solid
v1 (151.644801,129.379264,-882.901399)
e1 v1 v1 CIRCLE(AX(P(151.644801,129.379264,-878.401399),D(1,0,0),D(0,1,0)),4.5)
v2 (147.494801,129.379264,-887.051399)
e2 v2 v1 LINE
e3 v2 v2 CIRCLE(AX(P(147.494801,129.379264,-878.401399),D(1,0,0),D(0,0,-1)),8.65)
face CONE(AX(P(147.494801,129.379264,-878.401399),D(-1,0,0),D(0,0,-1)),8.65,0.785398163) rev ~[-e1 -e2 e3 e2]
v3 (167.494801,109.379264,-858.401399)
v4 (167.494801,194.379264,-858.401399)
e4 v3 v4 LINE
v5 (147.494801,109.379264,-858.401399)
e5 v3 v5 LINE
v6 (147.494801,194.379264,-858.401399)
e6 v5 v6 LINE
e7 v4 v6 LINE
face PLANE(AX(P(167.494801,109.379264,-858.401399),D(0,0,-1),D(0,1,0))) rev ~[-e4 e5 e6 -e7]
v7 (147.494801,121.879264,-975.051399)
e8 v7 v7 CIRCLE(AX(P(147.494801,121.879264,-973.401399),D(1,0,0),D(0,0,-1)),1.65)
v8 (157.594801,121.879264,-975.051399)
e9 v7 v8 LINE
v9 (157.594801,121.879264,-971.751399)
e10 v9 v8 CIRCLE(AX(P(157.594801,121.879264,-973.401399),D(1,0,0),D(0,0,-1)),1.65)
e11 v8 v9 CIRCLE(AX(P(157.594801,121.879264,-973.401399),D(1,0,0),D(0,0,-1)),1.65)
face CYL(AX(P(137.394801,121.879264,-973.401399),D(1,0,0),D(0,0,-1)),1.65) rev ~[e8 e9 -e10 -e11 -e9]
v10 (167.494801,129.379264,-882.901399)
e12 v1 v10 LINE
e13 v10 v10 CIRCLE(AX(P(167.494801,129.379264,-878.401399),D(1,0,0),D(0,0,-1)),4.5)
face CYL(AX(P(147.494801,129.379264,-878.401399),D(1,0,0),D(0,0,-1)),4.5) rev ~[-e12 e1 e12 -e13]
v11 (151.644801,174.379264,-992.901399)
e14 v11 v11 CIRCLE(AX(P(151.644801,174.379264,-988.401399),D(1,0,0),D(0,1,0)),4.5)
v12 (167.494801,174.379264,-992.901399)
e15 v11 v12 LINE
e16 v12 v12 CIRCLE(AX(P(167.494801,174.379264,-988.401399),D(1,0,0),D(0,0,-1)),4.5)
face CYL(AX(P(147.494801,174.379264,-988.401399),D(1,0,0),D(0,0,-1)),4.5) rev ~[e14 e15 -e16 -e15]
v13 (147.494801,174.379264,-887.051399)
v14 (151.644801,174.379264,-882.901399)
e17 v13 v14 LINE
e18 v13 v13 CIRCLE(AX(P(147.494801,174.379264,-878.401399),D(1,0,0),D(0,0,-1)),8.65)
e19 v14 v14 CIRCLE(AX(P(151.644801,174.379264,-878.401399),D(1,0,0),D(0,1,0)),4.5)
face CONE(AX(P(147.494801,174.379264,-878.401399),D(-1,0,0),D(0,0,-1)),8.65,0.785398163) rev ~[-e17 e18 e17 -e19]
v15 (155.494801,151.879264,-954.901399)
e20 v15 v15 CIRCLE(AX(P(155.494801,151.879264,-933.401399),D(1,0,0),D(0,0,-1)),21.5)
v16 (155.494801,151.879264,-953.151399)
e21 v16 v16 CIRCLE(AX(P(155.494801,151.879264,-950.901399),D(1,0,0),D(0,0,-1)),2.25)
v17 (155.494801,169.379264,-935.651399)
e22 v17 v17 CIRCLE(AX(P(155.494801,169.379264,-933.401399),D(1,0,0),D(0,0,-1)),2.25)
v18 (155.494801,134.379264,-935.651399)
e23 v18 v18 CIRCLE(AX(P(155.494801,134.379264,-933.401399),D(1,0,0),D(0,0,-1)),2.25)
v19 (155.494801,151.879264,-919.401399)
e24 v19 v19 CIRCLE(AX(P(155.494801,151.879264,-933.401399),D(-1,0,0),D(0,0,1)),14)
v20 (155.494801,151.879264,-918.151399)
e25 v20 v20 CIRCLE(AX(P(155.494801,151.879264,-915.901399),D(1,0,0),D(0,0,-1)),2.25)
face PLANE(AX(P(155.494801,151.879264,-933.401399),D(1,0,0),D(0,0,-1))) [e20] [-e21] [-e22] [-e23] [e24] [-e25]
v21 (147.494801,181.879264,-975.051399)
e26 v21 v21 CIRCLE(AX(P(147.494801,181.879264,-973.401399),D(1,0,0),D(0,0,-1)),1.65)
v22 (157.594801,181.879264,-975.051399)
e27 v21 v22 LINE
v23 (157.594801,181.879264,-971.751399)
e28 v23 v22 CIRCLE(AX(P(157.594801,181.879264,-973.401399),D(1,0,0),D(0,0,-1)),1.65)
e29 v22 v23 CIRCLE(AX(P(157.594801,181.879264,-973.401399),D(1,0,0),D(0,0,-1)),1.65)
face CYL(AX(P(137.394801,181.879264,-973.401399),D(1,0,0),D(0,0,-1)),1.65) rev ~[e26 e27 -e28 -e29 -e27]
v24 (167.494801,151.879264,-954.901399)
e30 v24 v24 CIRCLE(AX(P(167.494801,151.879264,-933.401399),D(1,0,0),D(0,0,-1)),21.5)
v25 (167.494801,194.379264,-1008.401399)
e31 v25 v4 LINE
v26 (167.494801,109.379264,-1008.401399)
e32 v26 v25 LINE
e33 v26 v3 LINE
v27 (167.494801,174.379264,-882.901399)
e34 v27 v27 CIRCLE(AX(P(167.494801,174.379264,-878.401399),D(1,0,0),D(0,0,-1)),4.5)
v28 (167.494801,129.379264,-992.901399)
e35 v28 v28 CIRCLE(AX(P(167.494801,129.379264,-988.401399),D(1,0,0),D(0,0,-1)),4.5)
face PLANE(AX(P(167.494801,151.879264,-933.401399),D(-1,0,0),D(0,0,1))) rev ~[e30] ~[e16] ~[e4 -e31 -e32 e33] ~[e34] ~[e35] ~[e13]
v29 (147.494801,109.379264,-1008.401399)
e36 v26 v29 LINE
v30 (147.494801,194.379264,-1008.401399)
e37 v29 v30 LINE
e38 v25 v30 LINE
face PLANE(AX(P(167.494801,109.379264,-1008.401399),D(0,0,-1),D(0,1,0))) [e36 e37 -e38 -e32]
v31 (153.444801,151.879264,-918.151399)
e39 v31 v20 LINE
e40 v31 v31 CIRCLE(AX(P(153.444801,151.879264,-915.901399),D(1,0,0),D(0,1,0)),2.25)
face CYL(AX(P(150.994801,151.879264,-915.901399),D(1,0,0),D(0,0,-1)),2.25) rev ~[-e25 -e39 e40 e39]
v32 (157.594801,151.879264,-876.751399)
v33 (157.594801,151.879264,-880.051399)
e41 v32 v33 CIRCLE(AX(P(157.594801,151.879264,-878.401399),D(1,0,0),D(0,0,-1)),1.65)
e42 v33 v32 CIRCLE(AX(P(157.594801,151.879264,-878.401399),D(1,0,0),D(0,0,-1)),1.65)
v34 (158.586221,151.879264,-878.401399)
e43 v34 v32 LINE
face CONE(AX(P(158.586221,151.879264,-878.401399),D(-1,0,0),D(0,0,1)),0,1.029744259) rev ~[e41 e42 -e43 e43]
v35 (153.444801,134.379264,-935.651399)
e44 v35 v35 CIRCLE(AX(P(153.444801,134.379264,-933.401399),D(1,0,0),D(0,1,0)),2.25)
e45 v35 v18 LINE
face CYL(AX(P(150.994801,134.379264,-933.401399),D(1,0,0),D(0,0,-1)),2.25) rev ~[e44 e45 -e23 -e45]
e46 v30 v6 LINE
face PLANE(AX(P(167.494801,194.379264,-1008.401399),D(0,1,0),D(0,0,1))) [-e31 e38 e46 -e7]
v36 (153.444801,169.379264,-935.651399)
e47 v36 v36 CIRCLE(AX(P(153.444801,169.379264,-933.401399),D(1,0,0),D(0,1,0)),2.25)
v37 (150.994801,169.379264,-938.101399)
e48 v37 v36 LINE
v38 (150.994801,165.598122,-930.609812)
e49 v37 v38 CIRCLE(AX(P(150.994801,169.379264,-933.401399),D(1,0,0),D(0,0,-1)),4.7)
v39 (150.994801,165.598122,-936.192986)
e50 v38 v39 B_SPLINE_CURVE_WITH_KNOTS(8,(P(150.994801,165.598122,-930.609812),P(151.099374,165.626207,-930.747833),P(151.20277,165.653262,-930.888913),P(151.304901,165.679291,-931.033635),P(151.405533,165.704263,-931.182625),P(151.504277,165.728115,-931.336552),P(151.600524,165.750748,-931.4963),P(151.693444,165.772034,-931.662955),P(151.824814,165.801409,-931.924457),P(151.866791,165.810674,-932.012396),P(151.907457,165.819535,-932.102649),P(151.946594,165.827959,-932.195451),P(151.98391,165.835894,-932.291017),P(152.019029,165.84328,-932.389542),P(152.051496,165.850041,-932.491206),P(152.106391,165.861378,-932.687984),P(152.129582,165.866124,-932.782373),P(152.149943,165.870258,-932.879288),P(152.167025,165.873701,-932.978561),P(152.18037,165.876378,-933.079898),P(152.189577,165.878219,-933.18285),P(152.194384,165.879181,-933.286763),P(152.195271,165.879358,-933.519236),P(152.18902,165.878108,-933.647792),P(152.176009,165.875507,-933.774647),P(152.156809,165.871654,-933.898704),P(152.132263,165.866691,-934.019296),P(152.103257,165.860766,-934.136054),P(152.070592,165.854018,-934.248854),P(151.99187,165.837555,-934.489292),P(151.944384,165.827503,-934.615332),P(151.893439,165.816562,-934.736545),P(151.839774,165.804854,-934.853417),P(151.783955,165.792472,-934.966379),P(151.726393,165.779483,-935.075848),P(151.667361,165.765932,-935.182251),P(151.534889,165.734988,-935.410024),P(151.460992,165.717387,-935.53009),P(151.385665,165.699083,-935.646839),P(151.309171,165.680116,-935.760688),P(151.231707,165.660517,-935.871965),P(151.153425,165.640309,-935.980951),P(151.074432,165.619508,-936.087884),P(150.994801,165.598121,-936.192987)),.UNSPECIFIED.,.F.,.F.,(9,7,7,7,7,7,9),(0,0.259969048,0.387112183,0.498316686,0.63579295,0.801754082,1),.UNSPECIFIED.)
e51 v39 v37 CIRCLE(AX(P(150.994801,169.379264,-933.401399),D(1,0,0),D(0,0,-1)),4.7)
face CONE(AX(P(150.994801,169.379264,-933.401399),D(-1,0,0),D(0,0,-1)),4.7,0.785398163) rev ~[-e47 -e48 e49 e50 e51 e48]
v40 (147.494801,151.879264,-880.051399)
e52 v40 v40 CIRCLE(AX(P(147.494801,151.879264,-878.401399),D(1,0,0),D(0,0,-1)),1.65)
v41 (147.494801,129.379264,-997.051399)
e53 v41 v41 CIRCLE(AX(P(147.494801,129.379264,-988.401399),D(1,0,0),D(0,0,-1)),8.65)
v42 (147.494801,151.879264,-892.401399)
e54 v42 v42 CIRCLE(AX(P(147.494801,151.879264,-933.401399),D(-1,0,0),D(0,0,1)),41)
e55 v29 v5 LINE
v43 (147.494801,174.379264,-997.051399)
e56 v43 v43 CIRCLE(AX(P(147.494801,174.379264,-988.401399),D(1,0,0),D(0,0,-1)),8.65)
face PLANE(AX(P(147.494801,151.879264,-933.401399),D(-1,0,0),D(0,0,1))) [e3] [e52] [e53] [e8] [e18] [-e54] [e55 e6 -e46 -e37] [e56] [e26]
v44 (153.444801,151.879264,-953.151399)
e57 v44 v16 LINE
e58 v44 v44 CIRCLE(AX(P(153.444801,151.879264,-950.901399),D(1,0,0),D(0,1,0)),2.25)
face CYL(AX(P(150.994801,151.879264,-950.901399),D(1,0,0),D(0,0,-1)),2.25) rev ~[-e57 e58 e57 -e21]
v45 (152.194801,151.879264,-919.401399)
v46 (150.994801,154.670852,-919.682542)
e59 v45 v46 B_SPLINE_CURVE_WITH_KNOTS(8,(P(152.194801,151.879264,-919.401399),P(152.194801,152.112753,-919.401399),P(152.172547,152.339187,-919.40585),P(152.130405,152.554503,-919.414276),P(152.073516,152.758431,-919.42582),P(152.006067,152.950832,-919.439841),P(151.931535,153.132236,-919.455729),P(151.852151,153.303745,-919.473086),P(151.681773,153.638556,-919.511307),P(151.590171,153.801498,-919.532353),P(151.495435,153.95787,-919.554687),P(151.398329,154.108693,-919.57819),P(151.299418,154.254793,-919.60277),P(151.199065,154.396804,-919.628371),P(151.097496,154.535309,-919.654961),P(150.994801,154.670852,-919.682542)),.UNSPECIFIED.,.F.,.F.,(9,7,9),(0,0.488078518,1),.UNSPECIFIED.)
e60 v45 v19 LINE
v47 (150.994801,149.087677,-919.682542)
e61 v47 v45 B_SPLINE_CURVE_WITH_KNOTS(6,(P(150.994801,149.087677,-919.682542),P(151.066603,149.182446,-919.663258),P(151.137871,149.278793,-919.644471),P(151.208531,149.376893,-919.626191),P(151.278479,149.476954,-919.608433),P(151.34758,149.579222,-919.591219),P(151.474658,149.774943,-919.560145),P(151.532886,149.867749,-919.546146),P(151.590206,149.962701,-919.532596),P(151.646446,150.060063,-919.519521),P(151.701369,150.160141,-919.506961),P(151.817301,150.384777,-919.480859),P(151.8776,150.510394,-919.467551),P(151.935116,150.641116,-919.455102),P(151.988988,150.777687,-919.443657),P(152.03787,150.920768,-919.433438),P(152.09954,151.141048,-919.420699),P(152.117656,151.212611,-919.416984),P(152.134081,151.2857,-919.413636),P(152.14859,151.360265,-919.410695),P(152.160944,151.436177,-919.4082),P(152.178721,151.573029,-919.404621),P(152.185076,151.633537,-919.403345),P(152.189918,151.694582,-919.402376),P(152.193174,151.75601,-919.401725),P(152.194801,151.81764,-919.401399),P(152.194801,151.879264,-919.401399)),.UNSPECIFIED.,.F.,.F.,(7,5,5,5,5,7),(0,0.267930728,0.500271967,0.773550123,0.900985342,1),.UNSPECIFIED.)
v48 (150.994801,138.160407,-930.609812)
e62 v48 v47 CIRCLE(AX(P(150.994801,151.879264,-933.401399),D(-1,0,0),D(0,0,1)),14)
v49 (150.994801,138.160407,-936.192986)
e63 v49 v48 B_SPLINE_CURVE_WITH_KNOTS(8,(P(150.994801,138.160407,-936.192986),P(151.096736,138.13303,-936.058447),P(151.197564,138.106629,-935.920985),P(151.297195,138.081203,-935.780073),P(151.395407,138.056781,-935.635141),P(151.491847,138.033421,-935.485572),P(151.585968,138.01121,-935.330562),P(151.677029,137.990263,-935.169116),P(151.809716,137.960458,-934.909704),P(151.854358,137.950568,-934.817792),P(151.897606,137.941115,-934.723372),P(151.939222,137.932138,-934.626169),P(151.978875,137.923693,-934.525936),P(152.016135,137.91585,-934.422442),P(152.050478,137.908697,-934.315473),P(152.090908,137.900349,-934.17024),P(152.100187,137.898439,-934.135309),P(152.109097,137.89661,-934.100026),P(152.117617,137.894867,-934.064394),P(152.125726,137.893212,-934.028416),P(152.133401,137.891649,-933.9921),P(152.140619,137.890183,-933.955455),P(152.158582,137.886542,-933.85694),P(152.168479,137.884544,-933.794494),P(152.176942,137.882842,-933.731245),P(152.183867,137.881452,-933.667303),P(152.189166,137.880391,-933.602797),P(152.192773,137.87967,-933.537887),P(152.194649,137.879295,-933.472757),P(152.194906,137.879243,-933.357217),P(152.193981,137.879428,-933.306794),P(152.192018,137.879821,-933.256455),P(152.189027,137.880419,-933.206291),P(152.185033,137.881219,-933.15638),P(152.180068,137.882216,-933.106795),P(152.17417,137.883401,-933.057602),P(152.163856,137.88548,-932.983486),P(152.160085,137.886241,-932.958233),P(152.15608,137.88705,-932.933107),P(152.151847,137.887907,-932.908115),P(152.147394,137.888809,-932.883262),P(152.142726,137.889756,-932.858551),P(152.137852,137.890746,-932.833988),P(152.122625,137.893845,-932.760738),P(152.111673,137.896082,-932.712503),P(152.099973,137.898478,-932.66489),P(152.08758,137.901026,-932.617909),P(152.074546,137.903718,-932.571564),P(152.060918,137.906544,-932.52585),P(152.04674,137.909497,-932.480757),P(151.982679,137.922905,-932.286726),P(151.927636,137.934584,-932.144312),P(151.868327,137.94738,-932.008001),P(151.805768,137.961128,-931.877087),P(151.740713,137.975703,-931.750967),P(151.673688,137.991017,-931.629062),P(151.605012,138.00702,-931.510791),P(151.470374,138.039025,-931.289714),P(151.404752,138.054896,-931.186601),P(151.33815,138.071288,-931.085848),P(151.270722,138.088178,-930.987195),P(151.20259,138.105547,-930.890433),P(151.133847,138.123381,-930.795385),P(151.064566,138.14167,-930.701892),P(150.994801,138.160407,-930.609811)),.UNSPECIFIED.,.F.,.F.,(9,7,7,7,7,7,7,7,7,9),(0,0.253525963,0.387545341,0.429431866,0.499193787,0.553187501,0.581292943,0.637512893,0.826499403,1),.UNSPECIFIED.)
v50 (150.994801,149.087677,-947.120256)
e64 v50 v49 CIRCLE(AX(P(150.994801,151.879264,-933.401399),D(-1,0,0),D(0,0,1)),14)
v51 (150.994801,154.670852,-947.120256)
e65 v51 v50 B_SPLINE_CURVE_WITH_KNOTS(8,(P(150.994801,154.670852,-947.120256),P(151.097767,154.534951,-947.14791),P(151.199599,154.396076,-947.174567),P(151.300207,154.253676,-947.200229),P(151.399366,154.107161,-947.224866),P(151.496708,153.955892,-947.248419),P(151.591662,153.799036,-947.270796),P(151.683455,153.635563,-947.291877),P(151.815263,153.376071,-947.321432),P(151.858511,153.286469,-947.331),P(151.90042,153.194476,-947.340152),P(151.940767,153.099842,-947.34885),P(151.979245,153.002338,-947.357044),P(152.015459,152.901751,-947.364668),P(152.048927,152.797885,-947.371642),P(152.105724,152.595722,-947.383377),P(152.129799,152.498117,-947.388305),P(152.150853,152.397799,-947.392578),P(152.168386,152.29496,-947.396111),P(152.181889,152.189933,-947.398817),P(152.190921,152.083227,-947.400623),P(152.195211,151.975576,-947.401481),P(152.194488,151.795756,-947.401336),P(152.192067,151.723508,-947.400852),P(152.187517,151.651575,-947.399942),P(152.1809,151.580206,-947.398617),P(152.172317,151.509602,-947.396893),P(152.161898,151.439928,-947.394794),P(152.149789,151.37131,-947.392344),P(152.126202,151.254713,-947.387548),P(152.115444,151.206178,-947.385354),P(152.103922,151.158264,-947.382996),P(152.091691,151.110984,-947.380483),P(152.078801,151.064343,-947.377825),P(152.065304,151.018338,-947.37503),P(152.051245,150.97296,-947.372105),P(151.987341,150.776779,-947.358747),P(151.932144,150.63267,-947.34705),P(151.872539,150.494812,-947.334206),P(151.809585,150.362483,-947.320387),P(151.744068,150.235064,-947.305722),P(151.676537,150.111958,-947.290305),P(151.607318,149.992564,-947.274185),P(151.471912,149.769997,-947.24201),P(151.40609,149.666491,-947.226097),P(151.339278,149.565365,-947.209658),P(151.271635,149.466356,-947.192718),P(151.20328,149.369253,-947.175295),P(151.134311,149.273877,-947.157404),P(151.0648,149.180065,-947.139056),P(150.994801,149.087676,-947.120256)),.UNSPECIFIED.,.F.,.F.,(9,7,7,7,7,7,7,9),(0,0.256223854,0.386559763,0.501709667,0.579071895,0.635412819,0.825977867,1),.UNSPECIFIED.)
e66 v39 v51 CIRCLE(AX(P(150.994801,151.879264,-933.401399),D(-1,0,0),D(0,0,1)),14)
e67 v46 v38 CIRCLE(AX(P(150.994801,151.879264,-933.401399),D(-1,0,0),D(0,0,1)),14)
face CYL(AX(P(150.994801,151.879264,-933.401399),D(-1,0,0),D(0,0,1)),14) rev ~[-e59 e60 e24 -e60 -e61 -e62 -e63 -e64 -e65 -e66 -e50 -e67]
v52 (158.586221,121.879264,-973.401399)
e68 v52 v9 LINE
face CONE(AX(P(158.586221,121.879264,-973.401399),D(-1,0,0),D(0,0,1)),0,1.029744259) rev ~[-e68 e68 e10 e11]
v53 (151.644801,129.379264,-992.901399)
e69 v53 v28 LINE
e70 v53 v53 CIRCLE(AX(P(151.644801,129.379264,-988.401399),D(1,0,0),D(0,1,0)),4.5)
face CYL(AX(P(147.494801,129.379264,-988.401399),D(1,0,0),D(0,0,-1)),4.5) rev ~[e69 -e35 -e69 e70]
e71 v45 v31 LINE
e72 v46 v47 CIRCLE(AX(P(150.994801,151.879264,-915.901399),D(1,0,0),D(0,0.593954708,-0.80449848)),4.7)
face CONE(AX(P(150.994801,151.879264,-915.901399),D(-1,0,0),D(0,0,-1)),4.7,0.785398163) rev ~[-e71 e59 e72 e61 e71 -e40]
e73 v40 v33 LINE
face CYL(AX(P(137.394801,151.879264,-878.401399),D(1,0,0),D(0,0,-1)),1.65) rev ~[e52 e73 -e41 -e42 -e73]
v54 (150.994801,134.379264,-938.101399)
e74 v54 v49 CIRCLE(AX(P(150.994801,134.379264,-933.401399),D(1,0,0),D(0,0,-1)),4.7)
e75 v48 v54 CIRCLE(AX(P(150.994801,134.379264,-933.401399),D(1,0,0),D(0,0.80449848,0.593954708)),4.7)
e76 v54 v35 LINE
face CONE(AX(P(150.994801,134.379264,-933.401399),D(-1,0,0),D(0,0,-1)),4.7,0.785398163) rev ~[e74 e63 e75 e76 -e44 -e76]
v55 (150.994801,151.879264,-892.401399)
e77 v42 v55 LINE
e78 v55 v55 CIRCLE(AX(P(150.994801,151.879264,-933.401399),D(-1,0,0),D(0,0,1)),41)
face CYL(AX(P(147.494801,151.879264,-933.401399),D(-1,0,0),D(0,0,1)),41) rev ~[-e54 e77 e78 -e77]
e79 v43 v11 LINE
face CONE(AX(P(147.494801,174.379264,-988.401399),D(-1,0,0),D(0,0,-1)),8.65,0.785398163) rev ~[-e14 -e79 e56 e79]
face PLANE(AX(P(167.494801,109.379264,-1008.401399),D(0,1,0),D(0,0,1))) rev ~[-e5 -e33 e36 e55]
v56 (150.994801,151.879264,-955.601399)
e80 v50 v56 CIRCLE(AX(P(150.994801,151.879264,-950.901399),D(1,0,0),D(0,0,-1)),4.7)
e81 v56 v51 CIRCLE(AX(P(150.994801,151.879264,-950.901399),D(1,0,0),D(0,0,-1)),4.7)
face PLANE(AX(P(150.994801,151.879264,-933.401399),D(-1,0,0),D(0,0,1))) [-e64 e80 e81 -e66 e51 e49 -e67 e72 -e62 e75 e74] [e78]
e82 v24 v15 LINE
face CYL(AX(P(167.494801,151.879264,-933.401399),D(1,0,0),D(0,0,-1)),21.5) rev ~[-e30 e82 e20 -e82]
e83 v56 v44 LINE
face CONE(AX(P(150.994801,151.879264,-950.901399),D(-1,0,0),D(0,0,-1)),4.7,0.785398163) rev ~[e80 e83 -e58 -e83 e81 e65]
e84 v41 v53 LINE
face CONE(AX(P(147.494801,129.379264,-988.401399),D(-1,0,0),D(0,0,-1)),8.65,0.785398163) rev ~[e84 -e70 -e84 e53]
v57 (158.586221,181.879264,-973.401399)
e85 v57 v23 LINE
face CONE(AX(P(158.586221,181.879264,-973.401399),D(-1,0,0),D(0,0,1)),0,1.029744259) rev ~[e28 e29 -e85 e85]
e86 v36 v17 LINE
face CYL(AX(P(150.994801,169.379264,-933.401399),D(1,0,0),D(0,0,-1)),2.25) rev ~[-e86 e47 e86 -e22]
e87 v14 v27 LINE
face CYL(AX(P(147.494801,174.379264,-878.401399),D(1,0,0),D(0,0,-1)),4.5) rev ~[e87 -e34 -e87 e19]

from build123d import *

# Parameters (mm, degrees)
BOSS_EXTRUDE1_DEPTH                             = 4.75
BOSS_EXTRUDE1_DEPTH_BACK                        = 15.25
SKETCH1_W                                       = 150
SKETCH1_H                                       = 85
SKETCH2_R                                       = 21.5
F_1MM_CLEARANCE_DEPTH                           = 12
SKETCH5_R                                       = 41
CUT_EXTRUDE2_DEPTH                              = 3.5
SKETCH6_R                                       = 14
CUT_EXTRUDE3_DEPTH                              = 11.5
CSK_FOR_M8_FLAT_HEAD_MACHINE_SCREW1_D           = 9
CSK_FOR_M8_FLAT_HEAD_MACHINE_SCREW1_CSINK_D     = 17.3
CSK_FOR_M8_FLAT_HEAD_MACHINE_SCREW1_CSINK_ANGLE = 90
CSK_FOR_M4_FLAT_HEAD_MACHINE_SCREW1_D           = 4.5
CSK_FOR_M4_FLAT_HEAD_MACHINE_SCREW1_CSINK_D     = 9.4
CSK_FOR_M4_FLAT_HEAD_MACHINE_SCREW1_CSINK_ANGLE = 90
M4X0_7_TAPPED_HOLE1_D                           = 3.3
M4X0_7_TAPPED_HOLE1_DEPTH                       = 10.1
M4X0_7_TAPPED_HOLE1_TIP                         = 0.991420021


with BuildPart() as part:
    # Sketch1 → Boss-Extrude1 (new, two sides: drawn at the far end of the back side and taken through both)
    with BuildSketch(Plane.ZY.offset(-152.244801117).offset(-BOSS_EXTRUDE1_DEPTH_BACK)):
        with Locations((-933.40139902, 151.879264394)):
            Rectangle(SKETCH1_W, SKETCH1_H)
    extrude(amount=BOSS_EXTRUDE1_DEPTH + BOSS_EXTRUDE1_DEPTH_BACK)

    # Sketch2 → 1mm clearance (cut)
    with BuildSketch(Plane(origin=(167.494801117, 0, 0), x_dir=(0, 0, -1), z_dir=(1, 0, 0))):
        with Locations((933.40139902, 151.879264394)):
            Circle(SKETCH2_R)
    extrude(amount=-F_1MM_CLEARANCE_DEPTH, mode=Mode.SUBTRACT)

    # Sketch5 → Cut-Extrude2 (cut)
    with BuildSketch(Plane.ZY.offset(-147.494801117)):
        with Locations((-933.40139902, 151.879264394)):
            Circle(SKETCH5_R)
    extrude(amount=-CUT_EXTRUDE2_DEPTH, mode=Mode.SUBTRACT)

    # Sketch6 → Cut-Extrude3 (cut)
    with BuildSketch(Plane.ZY.offset(-150.994801117)):
        with Locations((-933.40139902, 151.879264394)):
            Circle(SKETCH6_R)
    extrude(amount=-CUT_EXTRUDE3_DEPTH, mode=Mode.SUBTRACT)

    # CSK for M8 Flat Head Machine Screw1 (through all)
    with Locations(Plane.ZY.offset(-147.494801117)):
        with Locations((-878.40139902, 129.379264394), (-878.40139902, 174.379264394), (-988.40139902, 129.379264394), (-988.40139902, 174.379264394)):
            CounterSinkHole(CSK_FOR_M8_FLAT_HEAD_MACHINE_SCREW1_D / 2, CSK_FOR_M8_FLAT_HEAD_MACHINE_SCREW1_CSINK_D / 2, counter_sink_angle=CSK_FOR_M8_FLAT_HEAD_MACHINE_SCREW1_CSINK_ANGLE)

    # CSK for M4 Flat Head Machine Screw1 (through all)
    with Locations(Plane.ZY.offset(-150.994801117)):
        with Locations((-933.40139902, 134.379264394), (-950.90139902, 151.879264394), (-915.90139902, 151.879264394), (-933.40139902, 169.379264394)):
            CounterSinkHole(CSK_FOR_M4_FLAT_HEAD_MACHINE_SCREW1_D / 2, CSK_FOR_M4_FLAT_HEAD_MACHINE_SCREW1_CSINK_D / 2, counter_sink_angle=CSK_FOR_M4_FLAT_HEAD_MACHINE_SCREW1_CSINK_ANGLE)

    # M4x0.7 Tapped Hole1
    with Locations(Plane.ZY.offset(-147.494801117)):
        with Locations((-878.40139902, 151.879264394), (-973.40139902, 121.879264394), (-973.40139902, 181.879264394)):
            Hole(M4X0_7_TAPPED_HOLE1_D / 2, depth=M4X0_7_TAPPED_HOLE1_DEPTH)
            with Locations((0, 0, -(M4X0_7_TAPPED_HOLE1_DEPTH + M4X0_7_TAPPED_HOLE1_TIP / 2))):  # 118° drill point
                Cone(0, M4X0_7_TAPPED_HOLE1_D / 2, M4X0_7_TAPPED_HOLE1_TIP, mode=Mode.SUBTRACT)


solid = part.part
